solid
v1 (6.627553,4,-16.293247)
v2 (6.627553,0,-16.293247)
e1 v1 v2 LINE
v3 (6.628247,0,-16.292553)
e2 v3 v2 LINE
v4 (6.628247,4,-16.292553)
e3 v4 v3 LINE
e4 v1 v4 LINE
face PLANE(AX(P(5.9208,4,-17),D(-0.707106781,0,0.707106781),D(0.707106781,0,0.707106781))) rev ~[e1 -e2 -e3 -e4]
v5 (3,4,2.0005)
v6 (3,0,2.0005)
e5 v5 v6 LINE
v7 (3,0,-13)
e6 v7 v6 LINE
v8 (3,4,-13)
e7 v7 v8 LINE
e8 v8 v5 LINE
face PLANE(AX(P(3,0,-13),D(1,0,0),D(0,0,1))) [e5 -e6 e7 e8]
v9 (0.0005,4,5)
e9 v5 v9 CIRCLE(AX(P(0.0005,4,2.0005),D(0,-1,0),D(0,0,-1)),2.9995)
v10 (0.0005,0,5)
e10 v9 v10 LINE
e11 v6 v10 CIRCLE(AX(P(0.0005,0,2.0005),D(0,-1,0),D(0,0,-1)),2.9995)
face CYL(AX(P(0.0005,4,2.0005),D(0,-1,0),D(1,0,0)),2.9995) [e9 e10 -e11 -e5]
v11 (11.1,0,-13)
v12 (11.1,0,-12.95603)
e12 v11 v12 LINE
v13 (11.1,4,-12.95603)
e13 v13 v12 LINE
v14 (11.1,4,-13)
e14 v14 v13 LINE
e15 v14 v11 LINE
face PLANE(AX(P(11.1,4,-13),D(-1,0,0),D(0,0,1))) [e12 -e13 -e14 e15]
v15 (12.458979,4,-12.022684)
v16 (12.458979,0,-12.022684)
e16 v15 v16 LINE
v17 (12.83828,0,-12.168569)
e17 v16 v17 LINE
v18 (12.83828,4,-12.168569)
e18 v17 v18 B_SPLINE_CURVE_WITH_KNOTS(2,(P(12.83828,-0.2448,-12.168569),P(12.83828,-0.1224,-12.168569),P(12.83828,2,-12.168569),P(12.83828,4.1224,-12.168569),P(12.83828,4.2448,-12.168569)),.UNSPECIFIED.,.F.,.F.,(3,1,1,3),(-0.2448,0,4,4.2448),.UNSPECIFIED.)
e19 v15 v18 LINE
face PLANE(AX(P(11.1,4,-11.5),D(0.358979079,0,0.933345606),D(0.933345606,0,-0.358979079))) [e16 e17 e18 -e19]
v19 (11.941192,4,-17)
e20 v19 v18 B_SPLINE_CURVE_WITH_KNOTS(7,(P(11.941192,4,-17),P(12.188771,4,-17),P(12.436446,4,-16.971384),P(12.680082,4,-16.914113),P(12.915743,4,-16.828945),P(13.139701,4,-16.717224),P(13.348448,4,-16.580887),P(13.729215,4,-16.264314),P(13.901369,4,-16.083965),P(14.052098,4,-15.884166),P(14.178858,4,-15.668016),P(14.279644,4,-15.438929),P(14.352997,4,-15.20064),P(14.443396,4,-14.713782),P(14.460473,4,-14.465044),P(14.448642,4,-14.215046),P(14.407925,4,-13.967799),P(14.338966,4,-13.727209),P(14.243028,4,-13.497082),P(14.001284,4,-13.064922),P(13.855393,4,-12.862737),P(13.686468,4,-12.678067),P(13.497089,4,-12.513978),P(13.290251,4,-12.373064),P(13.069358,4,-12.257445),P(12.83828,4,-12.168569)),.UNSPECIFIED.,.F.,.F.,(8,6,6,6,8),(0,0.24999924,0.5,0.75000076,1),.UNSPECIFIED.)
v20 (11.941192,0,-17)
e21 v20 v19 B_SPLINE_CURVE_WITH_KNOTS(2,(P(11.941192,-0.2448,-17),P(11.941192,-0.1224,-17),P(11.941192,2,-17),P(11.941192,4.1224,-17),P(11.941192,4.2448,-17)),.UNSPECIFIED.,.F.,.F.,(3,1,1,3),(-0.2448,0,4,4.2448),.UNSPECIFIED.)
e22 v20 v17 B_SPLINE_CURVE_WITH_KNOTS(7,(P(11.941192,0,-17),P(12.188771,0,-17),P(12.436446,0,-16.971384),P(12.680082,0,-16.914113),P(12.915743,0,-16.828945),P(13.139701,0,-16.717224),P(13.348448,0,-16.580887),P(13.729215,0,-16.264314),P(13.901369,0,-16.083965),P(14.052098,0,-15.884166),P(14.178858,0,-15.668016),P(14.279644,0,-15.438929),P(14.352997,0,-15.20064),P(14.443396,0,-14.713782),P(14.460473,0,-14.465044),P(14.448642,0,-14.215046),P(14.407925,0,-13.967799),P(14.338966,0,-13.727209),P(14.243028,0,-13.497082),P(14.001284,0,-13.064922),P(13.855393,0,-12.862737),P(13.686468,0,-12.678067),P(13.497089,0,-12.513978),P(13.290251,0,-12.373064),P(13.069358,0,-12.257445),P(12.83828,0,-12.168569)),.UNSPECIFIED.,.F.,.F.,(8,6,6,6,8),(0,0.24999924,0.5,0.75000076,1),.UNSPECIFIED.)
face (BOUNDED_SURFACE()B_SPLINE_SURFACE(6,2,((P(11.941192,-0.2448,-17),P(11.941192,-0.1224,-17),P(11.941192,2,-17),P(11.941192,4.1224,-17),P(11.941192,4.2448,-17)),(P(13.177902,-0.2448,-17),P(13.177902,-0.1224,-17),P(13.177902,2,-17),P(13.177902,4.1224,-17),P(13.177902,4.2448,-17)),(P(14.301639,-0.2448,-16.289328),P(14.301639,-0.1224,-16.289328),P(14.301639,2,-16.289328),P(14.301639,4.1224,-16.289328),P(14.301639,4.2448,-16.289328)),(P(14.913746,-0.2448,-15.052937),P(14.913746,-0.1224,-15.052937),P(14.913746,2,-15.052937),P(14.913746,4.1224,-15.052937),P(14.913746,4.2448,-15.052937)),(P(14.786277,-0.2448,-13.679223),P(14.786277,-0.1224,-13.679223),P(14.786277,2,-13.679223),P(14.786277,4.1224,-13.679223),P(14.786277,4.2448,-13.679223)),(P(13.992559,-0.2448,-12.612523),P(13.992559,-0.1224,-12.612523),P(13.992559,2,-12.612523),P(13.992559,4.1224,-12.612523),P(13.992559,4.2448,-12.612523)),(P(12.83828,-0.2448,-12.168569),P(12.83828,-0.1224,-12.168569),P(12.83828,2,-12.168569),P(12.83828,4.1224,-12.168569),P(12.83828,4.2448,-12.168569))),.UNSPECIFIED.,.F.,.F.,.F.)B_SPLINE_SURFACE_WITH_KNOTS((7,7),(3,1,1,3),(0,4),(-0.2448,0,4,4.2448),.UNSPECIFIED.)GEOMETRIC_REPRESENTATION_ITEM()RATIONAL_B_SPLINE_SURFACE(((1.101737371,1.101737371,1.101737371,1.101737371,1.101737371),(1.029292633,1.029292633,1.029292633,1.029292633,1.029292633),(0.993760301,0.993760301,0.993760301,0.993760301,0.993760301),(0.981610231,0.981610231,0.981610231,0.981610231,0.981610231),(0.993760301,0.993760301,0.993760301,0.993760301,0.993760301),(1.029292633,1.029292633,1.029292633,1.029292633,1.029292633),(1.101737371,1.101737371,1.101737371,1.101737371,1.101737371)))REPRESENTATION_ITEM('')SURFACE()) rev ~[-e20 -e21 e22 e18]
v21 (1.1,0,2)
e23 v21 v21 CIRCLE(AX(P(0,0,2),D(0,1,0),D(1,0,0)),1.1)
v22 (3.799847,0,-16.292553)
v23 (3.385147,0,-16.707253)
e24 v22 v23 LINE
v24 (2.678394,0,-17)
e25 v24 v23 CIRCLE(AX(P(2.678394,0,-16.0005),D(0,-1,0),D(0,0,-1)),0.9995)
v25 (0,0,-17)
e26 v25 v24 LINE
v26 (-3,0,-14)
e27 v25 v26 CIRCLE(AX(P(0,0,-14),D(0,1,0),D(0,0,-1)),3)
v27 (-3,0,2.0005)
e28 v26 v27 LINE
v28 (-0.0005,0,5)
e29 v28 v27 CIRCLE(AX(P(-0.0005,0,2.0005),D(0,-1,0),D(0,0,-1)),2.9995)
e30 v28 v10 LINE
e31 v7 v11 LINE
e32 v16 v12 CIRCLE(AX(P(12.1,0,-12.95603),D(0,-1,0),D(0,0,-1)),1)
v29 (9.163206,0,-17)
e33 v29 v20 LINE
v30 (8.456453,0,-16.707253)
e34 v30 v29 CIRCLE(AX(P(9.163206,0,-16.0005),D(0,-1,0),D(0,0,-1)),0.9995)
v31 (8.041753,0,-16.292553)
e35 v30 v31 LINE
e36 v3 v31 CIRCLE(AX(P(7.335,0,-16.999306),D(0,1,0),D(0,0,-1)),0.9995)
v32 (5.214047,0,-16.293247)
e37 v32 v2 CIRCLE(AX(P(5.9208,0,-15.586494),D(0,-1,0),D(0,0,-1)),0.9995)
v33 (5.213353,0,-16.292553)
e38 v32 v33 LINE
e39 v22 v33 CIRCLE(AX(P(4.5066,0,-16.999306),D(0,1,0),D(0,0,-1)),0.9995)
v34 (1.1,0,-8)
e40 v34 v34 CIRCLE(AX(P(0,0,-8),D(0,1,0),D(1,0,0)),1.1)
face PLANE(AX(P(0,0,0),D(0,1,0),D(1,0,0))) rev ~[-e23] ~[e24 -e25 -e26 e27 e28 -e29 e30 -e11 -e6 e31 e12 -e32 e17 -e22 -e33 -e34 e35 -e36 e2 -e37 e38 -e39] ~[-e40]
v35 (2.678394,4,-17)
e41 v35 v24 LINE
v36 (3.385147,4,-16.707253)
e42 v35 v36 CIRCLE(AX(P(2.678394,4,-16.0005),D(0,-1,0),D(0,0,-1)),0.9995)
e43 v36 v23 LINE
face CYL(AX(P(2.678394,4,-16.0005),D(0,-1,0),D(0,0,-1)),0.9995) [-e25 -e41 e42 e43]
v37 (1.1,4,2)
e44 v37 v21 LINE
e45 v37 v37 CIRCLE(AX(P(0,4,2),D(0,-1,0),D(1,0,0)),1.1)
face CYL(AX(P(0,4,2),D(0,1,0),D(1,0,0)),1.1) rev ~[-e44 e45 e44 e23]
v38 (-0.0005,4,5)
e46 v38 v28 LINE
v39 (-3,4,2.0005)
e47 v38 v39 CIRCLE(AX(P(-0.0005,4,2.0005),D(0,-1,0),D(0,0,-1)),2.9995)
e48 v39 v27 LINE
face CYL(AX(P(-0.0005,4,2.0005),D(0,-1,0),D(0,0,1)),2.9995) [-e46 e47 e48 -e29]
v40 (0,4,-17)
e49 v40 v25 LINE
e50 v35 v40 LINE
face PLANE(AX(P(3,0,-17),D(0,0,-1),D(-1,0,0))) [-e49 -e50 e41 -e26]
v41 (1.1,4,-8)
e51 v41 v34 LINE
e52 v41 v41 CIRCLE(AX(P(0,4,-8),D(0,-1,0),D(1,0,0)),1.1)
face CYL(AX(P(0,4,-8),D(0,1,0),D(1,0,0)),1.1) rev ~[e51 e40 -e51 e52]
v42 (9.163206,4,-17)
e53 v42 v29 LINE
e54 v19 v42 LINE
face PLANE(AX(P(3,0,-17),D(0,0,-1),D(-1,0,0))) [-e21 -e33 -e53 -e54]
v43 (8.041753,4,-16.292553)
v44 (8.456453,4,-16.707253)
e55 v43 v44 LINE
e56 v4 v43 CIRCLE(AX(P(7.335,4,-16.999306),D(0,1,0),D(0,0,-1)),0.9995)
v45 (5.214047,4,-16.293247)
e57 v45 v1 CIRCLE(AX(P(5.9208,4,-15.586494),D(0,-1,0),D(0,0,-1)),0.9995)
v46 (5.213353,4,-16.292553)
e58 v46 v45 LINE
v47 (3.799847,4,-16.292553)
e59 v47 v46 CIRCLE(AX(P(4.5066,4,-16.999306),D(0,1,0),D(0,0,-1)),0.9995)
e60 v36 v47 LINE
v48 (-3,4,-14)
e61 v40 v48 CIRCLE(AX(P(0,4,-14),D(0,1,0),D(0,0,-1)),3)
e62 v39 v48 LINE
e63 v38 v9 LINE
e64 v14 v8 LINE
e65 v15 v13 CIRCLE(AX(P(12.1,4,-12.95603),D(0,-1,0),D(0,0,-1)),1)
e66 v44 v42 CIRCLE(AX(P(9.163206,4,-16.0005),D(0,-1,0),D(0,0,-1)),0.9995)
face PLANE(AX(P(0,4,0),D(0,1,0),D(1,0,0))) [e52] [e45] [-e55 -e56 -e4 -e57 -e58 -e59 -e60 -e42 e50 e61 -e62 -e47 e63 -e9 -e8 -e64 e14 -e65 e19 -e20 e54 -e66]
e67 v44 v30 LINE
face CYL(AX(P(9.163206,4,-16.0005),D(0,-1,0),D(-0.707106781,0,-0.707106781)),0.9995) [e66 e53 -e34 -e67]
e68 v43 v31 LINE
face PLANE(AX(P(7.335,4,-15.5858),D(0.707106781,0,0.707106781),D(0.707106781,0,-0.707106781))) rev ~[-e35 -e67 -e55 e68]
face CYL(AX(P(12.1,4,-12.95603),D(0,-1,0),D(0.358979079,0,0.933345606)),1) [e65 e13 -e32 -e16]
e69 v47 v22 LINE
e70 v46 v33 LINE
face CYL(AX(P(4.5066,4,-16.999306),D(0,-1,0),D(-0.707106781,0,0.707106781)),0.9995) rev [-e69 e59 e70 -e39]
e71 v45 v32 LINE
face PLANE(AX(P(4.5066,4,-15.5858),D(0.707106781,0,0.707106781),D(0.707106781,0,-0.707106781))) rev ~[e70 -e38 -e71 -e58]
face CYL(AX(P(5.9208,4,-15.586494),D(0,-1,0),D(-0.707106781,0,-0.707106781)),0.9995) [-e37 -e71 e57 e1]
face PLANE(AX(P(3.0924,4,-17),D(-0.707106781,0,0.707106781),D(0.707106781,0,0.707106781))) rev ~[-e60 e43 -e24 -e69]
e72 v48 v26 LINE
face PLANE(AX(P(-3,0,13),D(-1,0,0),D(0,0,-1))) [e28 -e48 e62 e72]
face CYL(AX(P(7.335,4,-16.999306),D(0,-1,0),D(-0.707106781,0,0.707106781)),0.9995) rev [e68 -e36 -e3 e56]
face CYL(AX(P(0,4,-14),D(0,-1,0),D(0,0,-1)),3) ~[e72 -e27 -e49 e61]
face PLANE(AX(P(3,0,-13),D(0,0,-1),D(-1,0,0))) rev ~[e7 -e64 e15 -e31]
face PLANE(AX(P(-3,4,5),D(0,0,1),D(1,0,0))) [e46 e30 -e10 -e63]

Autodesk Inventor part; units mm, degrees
ref_plane "YZ Plane" through (0, 0, 0) normal (1, 0, 0) x (0, 1, 0)
ref_plane "XZ Plane" through (0, 0, 0) normal (0, 1, 0) x (-1, 0, 0)
ref_plane "XY Plane" through (0, 0, 0) normal (0, 0, 1) x (1, 0, 0)
sketch "Sketch1" plane through (0, 0, 0) normal (0, 1, 0) x (-1, 0, 0)
  line L0 (-3, 13) -> (3, 13)
  line L1 (3, 13) -> (3, -13)
  line L2 (3, -13) -> (-3, -13)
  line L3 (-3, -13) -> (-3, 13)
  line L4 (-3, 13) -> (3, -13) construction
  line L5 (3, 13) -> (-3, -13) construction
  point P0 (0, 0)
  dimension "d0" = 6
  dimension "d1" = 26
extrude "Extrusion1" add sketch "Sketch1" along normal blind 4
sketch "Sketch2" plane through (3, 0, -13) normal (0, 0, -1) x (-1, 0, 0)
  line L0 (0, 0) -> (6, 0) projected
  line L1 (6, 0) -> (-12, 0)
  line L2 (-12, 0) -> (-12, 4)
  line L3 (-12, 4) -> (6, 4)
  line L4 (6, 4) -> (6, 0)
  point P0 (3, 0)
  dimension "d4" = 18
  dimension "d5" = 4
extrude "Extrusion2" add sketch "Sketch2" along normal blind 4
sketch "Sketch3" plane through (0, 4, 0) normal (0, 1, 0) x (1, 0, 0)
  line L0 (3, -13) -> (3, 13) projected
  line L1 (3, 13) -> (0, 13)
  line L2 (0, 13) -> (0, 8)
  line L3 (0, 8) -> (0, -2)
  circle A0 centre (0, 8) radius 1.1
  circle A1 centre (0, -2) radius 1.1
  point P0 (0, 0)
  dimension "d8" = 5
  dimension "d9" = 10
  dimension "d10" = 2.2
  dimension "d11" = 2.2
extrude "Extrusion3" cut sketch "Sketch3" against normal up to next
sketch "Sketch4" plane through (0, 4, 0) normal (0, 1, 0) x (1, 0, 0)
  line L0 (3, 13) -> (3, -13) projected
  line L1 (-3, -13) -> (-3, 17) projected
  line L2 (3, -13) -> (-3, -13)
  line L3 (-3, -13) -> (-3, -5)
  line L4 (-3, -5) -> (3, -5)
  line L5 (3, -5) -> (3, -13)
  point P0 (0, 0)
  dimension "d14" = 8
extrude "Extrusion4" cut sketch "Sketch4" against normal blind 4
fillet "Fillet1" radius 3 2 edges at (3, 2, 5) (-3, 2, 5)
sketch "Sketch5" plane through (0, 4, 0) normal (0, 1, 0) x (1, 0, 0)
  line L0 (15, 13) -> (11.1, 13)
  line L1 (3, 13) -> (15, 13) projected
  line L2 (11.1, 13) -> (11.1, 11.5)
  line L3 (11.1, 11.5) -> (15, 13)
  point P0 (0, 0)
  dimension "d18" = 3.9
  dimension "d19" = 1.5
extrude "Extrusion5" add sketch "Sketch5" against normal blind 4
fillet "Fillet2" radius 1 1 edges at (11.1, 2, -11.5)
fillet "Fillet3" radius 3 1 edges at (-3, 2, -17)
sketch "Sketch6" plane through (0, 4, 0) normal (0, 1, 0) x (1, 0, 0)
  line L0 (0, 17) -> (15, 17) projected
  line L1 (3.0924, 17) -> (4.5066, 15.5858)
  line L2 (3.0924, 17) -> (5.0924, 17) construction
  line L3 (4.5066, 15.5858) -> (5.9208, 17)
  line L4 (5.9208, 17) -> (7.335, 15.5858)
  line L5 (5.9208, 17) -> (7.9208, 17) construction
  line L6 (7.335, 15.5858) -> (8.7492, 17)
  point P0 (0, 0)
  dimension "d24" = 2
  dimension "d25" = 45
  dimension "d26" = 2
  dimension "d27" = 45
extrude "Extrusion6" cut sketch "Sketch6" against normal up to next
fillet "Fillet4" radius 1 5 edges at (3.0924, 2, -17) (4.5066, 2, -15.5858) (5.9208, 2, -17) (7.335, 2, -15.5858) (8.7492, 2, -17)
fillet "Fillet5" radius 2.5 2 edges at (15, 2, -17) (15, 2, -13)
properties part number "arm_lock" material "Nylon 6/6"
